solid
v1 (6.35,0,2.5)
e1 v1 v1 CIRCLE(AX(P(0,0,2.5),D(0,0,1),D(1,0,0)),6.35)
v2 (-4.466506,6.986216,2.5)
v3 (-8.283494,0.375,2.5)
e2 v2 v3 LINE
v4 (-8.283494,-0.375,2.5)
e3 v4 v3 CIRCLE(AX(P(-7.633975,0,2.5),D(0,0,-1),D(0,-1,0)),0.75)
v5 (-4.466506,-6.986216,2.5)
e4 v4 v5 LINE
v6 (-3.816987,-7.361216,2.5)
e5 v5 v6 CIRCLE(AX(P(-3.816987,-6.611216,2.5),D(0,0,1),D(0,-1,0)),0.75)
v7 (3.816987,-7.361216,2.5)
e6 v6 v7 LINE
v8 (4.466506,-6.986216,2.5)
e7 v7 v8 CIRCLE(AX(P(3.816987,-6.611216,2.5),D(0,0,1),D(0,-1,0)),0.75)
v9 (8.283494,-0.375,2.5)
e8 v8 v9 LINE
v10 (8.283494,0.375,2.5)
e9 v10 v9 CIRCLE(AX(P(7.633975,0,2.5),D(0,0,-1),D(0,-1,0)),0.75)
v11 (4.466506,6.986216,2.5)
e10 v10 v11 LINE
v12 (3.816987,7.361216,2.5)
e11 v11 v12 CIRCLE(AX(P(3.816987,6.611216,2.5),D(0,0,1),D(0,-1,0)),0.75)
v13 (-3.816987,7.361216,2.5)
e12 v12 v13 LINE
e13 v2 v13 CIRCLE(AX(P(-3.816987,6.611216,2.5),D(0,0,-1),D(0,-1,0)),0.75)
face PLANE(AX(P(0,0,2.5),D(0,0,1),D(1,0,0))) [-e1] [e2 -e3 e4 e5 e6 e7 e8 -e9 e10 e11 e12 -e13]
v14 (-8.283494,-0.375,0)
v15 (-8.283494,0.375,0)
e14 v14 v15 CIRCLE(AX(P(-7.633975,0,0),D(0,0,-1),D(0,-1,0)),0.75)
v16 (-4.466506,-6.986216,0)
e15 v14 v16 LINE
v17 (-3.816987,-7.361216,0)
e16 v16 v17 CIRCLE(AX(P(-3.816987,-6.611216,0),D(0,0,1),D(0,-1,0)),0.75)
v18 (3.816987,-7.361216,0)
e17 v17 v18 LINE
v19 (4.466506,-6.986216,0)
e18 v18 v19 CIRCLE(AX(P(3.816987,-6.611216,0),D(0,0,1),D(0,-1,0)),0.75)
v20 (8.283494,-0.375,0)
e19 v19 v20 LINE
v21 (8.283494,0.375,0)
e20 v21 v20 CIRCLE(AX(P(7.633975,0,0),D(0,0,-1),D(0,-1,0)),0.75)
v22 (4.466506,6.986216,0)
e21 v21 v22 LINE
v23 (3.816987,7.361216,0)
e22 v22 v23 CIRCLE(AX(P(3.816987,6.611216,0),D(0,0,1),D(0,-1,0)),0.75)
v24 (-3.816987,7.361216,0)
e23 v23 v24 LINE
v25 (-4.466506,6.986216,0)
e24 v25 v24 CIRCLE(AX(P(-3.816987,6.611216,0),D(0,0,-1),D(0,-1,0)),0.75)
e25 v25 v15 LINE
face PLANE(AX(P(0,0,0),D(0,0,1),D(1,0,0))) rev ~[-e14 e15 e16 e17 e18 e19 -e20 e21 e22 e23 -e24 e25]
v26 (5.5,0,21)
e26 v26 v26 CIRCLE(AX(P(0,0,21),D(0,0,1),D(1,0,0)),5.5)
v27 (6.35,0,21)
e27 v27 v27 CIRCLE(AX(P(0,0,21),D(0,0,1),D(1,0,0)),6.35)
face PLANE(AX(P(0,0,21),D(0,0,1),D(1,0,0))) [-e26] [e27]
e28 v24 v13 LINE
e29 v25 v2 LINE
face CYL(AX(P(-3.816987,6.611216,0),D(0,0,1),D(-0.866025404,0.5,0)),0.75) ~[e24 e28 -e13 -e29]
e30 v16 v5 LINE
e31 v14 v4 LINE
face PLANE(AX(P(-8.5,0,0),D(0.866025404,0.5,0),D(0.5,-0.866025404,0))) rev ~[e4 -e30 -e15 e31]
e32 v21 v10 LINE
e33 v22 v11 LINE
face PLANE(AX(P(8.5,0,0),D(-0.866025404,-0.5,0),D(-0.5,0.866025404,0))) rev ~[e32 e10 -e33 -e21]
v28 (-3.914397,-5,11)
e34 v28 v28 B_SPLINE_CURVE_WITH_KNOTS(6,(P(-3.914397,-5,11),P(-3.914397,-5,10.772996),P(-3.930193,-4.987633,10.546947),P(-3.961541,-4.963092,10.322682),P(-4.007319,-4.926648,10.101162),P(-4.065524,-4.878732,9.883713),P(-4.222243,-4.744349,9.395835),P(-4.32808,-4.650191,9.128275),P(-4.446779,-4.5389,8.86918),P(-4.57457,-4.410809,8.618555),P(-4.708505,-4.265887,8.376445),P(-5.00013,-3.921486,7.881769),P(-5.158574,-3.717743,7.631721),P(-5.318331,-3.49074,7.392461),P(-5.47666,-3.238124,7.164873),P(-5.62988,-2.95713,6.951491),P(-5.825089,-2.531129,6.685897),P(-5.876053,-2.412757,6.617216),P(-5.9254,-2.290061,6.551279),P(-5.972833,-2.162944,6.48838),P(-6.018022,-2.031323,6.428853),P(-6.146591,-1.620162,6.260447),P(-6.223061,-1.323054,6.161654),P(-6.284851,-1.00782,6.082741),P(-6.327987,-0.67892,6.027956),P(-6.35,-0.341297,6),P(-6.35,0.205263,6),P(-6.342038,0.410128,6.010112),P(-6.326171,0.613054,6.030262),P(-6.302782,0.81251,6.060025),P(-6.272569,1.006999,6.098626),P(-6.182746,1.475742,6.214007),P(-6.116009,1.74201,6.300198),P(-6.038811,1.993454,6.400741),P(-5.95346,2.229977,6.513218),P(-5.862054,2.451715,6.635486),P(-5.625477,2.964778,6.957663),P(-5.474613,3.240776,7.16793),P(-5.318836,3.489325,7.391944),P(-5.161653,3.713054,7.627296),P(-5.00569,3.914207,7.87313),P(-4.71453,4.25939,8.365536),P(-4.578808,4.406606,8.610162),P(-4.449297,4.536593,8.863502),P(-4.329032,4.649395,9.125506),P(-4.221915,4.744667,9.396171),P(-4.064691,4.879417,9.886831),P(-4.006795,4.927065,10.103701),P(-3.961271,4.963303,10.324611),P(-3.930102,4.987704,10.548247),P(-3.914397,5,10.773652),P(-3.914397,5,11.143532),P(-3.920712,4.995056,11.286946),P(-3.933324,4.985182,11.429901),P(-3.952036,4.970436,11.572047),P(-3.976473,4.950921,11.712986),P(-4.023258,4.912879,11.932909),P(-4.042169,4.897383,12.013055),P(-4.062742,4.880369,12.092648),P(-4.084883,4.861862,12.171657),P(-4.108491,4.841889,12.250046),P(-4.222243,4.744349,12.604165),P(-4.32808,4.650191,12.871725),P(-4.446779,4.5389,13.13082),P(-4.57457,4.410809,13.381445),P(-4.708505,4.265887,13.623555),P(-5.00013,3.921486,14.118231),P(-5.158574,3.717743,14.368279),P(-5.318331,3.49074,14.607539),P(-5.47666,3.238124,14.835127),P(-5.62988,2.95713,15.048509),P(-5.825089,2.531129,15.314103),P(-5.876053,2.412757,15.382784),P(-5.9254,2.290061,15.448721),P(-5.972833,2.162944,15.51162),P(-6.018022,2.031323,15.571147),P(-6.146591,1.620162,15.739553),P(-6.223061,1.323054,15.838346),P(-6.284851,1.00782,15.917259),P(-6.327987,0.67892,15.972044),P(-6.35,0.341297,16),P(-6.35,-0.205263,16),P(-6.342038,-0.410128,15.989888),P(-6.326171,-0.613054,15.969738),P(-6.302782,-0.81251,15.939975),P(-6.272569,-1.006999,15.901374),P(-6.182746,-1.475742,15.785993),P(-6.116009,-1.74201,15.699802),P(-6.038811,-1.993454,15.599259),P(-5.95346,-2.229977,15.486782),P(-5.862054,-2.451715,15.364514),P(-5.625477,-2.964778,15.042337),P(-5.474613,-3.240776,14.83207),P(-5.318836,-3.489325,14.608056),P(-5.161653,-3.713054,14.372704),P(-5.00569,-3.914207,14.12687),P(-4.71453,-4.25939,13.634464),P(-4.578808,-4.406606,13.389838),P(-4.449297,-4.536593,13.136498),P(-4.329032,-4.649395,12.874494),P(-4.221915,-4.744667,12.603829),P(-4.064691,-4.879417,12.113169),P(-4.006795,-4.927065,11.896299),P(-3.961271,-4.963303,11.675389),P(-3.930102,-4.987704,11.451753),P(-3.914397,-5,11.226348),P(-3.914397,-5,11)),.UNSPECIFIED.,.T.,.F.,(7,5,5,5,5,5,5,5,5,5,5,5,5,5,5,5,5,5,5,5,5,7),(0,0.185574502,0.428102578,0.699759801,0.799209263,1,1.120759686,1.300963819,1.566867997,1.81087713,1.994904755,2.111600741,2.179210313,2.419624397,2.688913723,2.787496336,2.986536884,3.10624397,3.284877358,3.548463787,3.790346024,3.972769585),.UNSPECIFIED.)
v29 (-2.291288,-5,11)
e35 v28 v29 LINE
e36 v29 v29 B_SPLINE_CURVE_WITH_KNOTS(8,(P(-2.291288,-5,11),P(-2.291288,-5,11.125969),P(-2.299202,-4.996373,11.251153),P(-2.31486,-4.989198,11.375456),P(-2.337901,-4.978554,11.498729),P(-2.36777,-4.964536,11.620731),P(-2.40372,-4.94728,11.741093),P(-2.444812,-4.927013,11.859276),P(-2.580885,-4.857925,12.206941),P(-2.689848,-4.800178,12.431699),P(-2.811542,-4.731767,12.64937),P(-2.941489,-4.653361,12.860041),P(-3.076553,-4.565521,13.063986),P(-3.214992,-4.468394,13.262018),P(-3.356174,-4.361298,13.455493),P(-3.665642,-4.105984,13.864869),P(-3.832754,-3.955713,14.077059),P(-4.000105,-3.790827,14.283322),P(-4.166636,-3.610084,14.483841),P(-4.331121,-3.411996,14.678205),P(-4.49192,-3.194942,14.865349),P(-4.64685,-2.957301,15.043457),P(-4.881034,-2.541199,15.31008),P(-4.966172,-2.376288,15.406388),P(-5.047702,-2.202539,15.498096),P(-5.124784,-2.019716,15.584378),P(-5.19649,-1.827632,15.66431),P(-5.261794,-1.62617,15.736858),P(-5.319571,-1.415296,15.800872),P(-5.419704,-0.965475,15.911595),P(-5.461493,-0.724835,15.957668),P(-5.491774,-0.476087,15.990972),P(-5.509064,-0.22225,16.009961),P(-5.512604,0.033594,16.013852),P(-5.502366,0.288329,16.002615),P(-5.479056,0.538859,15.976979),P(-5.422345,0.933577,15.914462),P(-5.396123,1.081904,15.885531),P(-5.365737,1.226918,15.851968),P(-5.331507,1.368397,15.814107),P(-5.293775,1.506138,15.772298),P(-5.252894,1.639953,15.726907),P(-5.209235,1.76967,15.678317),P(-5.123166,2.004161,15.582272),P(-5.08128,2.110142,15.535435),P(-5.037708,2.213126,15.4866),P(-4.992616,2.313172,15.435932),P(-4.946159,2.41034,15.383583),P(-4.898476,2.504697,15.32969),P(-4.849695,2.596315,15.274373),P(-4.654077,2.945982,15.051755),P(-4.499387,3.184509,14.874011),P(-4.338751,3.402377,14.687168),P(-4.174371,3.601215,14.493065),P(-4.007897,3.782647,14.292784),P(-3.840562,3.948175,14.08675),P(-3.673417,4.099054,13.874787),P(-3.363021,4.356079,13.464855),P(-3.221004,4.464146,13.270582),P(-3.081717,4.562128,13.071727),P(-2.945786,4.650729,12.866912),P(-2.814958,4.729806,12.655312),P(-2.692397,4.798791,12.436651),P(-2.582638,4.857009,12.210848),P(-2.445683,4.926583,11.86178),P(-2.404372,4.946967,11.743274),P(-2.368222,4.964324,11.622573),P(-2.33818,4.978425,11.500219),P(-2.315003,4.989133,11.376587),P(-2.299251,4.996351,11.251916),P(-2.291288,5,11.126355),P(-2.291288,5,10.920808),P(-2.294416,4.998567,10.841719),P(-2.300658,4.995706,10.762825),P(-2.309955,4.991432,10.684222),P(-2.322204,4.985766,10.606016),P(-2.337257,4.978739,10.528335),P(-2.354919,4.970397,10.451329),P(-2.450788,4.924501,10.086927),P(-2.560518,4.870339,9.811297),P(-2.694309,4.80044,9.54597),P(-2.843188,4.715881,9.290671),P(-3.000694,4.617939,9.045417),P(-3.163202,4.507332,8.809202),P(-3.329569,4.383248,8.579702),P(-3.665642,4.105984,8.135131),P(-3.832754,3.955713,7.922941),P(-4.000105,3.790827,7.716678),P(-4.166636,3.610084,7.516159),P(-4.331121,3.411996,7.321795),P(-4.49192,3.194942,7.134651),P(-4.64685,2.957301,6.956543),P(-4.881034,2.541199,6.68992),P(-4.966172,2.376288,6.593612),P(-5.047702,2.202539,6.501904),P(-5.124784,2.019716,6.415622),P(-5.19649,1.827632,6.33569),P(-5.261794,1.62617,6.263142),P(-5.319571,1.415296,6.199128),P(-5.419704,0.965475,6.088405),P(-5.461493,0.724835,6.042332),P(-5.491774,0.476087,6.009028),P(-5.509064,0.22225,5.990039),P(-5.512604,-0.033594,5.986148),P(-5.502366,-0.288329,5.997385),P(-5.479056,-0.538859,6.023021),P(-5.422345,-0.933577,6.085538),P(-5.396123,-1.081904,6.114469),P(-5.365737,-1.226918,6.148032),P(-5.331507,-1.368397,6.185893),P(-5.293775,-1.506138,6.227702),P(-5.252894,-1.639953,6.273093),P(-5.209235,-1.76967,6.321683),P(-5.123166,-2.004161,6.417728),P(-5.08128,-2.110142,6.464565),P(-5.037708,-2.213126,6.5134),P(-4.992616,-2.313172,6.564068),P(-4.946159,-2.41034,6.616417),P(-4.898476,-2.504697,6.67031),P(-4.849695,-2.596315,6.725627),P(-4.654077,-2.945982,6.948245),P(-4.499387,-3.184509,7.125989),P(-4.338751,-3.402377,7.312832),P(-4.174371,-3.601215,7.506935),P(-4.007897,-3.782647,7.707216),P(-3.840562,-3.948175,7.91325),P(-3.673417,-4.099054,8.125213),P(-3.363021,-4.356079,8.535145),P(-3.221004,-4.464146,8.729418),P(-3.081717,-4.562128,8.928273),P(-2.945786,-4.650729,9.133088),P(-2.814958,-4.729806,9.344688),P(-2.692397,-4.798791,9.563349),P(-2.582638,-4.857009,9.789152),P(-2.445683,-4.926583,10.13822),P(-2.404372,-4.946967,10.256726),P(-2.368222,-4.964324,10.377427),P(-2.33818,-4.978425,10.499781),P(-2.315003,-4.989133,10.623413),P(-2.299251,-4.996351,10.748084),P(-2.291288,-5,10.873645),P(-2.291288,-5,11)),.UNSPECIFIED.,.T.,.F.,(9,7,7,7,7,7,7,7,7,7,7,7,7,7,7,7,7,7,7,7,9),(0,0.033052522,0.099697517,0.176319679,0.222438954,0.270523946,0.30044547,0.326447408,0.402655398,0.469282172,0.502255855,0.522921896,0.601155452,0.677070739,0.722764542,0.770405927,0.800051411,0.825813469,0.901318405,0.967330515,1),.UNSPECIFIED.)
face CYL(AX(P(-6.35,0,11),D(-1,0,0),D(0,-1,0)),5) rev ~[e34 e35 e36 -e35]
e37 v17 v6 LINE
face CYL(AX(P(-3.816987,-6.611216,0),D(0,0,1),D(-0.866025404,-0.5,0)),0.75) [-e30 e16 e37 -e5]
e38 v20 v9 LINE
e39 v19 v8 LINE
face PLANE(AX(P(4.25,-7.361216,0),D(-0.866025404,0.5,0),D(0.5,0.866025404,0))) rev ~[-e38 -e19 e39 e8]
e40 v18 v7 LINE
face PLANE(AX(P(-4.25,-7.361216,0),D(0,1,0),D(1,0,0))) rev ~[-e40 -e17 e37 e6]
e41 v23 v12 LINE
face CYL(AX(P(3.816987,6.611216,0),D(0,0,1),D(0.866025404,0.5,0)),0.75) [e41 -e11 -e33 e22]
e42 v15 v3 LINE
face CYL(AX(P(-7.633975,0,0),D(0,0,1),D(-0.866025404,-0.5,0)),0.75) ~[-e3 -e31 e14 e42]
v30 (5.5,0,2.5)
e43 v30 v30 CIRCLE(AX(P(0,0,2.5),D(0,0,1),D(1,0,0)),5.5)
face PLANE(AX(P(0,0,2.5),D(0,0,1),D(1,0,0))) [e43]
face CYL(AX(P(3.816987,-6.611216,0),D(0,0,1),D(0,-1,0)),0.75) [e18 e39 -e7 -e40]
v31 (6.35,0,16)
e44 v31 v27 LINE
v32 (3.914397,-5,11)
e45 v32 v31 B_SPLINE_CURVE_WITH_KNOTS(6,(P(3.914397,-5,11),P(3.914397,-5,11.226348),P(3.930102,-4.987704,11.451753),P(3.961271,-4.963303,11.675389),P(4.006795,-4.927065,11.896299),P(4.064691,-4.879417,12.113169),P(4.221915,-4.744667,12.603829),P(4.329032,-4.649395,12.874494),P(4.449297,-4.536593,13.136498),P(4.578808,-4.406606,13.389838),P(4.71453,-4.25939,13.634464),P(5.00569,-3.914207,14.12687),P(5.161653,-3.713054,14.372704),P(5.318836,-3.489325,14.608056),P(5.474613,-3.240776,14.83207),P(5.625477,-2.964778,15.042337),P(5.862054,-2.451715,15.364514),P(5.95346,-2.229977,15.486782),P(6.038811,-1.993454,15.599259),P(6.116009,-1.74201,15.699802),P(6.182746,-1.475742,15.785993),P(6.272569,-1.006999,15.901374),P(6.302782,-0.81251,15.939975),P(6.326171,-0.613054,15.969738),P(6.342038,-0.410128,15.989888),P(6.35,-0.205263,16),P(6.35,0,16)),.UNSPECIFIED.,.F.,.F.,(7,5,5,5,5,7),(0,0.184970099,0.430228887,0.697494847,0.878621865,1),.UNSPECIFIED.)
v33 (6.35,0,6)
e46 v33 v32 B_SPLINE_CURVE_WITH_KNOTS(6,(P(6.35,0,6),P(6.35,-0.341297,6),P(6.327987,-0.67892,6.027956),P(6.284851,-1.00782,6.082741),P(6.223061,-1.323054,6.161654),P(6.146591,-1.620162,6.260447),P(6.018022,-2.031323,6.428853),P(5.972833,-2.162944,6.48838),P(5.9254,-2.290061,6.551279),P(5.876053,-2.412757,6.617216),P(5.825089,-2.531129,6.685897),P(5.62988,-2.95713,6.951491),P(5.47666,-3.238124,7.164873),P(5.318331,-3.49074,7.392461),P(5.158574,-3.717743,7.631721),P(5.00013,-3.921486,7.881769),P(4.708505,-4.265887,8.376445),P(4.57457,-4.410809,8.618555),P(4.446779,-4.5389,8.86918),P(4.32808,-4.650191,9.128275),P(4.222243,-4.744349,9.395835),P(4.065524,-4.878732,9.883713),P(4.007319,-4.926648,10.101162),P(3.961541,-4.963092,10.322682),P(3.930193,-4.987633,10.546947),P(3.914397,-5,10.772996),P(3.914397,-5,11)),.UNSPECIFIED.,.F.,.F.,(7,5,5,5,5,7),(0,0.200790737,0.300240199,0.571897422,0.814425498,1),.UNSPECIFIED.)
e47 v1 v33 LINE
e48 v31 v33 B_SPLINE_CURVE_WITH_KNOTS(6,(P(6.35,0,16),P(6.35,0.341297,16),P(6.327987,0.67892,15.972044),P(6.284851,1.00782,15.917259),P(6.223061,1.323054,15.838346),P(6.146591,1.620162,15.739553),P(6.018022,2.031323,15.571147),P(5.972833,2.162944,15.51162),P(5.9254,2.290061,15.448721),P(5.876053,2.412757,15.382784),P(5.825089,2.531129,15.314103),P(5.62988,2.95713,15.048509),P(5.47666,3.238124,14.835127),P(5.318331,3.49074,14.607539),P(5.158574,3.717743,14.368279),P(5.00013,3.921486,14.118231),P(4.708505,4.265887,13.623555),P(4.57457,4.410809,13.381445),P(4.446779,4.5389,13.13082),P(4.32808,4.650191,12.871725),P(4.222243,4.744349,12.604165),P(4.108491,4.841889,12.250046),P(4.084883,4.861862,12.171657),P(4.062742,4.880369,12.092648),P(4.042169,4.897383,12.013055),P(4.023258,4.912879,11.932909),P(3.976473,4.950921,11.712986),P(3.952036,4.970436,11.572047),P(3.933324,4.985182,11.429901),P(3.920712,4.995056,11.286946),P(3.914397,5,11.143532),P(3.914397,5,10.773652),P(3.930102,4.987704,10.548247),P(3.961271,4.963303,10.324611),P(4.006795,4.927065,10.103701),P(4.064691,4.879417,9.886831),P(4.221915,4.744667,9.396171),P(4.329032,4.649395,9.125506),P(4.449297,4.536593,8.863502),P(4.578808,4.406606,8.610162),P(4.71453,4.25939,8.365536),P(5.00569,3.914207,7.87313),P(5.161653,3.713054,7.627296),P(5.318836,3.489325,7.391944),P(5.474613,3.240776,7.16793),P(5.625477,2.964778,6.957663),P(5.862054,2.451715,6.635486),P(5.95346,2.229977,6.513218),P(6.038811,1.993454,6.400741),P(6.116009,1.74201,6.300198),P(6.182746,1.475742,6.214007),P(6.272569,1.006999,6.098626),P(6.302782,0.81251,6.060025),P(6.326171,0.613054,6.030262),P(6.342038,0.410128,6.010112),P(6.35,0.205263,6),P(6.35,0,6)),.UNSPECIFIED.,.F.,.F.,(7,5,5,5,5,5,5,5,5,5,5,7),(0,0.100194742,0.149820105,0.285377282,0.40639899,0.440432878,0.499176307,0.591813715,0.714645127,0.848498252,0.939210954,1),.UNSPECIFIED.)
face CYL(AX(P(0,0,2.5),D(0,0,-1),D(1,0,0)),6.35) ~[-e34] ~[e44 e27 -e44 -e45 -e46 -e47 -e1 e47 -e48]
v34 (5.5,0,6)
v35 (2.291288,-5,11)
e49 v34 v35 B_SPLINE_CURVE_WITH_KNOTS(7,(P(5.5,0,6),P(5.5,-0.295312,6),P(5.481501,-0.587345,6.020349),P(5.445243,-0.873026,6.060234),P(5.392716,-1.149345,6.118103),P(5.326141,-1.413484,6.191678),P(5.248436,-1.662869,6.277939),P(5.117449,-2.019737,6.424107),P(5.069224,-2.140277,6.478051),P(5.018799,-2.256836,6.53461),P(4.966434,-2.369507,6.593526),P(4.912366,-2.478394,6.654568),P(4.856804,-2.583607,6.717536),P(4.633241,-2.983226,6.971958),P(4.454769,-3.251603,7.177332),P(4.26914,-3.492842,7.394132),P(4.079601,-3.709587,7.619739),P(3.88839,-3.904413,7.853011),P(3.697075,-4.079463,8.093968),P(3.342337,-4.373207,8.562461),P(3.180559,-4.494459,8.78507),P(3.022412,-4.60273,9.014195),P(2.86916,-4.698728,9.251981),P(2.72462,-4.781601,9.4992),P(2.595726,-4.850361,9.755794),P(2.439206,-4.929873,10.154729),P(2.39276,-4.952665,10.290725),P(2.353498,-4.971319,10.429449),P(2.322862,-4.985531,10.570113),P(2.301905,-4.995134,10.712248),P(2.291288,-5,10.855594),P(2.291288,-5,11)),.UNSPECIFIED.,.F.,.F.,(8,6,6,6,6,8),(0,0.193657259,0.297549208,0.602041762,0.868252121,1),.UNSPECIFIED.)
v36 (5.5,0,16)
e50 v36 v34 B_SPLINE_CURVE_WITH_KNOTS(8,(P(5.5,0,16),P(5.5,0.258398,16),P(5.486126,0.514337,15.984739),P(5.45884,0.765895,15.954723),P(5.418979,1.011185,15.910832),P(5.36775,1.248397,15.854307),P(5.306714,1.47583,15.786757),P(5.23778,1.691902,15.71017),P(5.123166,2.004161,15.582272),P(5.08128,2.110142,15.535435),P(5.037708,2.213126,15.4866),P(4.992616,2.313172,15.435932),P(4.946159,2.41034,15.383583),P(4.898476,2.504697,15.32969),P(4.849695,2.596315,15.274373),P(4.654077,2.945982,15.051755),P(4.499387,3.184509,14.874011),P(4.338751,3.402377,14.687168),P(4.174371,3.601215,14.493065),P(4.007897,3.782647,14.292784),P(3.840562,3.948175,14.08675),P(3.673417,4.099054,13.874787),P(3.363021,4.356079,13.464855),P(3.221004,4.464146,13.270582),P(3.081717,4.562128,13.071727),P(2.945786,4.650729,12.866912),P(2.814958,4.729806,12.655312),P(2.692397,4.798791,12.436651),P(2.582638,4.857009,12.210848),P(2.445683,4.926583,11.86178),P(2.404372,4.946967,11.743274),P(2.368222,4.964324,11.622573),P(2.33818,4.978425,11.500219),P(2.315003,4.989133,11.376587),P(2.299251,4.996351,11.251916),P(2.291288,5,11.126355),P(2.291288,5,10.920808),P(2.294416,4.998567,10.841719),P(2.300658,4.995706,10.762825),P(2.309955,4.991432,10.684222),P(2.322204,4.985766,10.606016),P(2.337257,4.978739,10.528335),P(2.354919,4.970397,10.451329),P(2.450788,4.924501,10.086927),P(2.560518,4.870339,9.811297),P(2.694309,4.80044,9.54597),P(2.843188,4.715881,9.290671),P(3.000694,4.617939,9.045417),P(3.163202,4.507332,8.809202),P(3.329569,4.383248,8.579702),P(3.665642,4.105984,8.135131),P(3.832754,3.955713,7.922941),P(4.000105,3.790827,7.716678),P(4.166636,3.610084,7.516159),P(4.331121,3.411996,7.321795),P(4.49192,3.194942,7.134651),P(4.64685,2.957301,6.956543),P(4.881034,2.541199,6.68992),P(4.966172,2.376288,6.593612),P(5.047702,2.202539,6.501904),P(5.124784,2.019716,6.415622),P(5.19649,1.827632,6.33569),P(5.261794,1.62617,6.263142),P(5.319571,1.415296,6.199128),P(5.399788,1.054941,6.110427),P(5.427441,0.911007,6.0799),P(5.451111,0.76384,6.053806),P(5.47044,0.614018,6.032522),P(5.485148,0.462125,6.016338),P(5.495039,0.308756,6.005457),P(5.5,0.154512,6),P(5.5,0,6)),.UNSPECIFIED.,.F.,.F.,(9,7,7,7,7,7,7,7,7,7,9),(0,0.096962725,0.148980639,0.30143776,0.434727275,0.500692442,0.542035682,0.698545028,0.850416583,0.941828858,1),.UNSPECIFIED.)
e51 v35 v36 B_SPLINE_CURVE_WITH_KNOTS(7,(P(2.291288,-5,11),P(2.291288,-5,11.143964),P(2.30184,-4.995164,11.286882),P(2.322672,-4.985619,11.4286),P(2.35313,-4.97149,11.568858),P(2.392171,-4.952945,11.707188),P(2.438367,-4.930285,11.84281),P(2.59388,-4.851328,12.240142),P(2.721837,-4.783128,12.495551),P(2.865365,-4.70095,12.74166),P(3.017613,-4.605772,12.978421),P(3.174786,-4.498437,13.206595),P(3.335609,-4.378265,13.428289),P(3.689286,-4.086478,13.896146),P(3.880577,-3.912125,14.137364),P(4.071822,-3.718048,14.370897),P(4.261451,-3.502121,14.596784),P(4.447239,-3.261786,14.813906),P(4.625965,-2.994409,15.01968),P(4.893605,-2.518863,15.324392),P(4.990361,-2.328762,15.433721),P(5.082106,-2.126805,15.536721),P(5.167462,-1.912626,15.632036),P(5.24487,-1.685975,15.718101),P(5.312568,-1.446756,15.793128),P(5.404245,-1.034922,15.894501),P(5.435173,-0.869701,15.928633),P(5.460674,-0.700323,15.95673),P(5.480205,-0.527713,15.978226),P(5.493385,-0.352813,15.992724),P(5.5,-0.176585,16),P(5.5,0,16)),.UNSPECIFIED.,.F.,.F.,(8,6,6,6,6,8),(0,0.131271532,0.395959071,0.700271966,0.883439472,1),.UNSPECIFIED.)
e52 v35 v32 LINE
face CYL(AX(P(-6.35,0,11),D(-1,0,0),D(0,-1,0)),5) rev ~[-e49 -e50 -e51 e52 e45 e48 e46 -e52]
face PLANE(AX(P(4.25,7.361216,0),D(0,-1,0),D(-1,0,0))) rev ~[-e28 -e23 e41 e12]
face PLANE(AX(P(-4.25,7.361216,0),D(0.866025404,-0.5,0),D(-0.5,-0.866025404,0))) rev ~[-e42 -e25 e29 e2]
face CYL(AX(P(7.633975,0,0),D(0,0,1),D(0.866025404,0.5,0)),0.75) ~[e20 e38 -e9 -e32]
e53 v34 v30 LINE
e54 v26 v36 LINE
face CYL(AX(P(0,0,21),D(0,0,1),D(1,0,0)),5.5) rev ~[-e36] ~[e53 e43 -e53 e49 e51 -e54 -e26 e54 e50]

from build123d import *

# Parameters (mm, degrees)
BOSS_EXTRUDE1_DEPTH = 2.5
SKETCH2_R           = 6.35
BOSS_EXTRUDE2_DEPTH = 18.5
SKETCH3_R           = 5.5
CUT_EXTRUDE3_DEPTH  = 18.5
SKETCH4_R           = 5
CUT_EXTRUDE4_DEPTH  = 27.752756867
FILLET1_R           = 0.75


with BuildPart() as part:
    # Sketch1 → Boss-Extrude1 (new body)
    with BuildSketch(Plane.XY):
        Polygon((8.5, 0), (4.25, 7.361215932), (-4.25, 7.361215932), (-8.5, 0), (-4.25, -7.361215932), (4.25, -7.361215932), align=None)
    extrude(amount=BOSS_EXTRUDE1_DEPTH)

    # Sketch2 → Boss-Extrude2 (add)
    with BuildSketch(Plane.XY.offset(2.5)):
        Circle(SKETCH2_R)
    extrude(amount=BOSS_EXTRUDE2_DEPTH)

    # Sketch3 → Cut-Extrude3 (cut)
    with BuildSketch(Plane.XY.offset(21)):
        Circle(SKETCH3_R)
    extrude(amount=-CUT_EXTRUDE3_DEPTH, mode=Mode.SUBTRACT)

    # Sketch4 → Cut-Extrude4 (cut, through all)
    with BuildSketch(Plane.ZY.offset(6.35)):
        with Locations(Location((11, 0, 0), (0, 0, 270))):
            Circle(SKETCH4_R)
    extrude(amount=-CUT_EXTRUDE4_DEPTH, mode=Mode.SUBTRACT)

    # Fillet1
    fillet1_edges = [part.edges().sort_by_distance(p)[0] for p in [
        (4.25, -7.361215932, 1.25),
        (-4.25, -7.361215932, 1.25),
        (-8.5, 0, 1.25),
        (-4.25, 7.361215932, 1.25),
        (4.25, 7.361215932, 1.25),
        (8.5, 0, 1.25),
    ]]
    fillet(fillet1_edges, radius=FILLET1_R)


solid = part.part
